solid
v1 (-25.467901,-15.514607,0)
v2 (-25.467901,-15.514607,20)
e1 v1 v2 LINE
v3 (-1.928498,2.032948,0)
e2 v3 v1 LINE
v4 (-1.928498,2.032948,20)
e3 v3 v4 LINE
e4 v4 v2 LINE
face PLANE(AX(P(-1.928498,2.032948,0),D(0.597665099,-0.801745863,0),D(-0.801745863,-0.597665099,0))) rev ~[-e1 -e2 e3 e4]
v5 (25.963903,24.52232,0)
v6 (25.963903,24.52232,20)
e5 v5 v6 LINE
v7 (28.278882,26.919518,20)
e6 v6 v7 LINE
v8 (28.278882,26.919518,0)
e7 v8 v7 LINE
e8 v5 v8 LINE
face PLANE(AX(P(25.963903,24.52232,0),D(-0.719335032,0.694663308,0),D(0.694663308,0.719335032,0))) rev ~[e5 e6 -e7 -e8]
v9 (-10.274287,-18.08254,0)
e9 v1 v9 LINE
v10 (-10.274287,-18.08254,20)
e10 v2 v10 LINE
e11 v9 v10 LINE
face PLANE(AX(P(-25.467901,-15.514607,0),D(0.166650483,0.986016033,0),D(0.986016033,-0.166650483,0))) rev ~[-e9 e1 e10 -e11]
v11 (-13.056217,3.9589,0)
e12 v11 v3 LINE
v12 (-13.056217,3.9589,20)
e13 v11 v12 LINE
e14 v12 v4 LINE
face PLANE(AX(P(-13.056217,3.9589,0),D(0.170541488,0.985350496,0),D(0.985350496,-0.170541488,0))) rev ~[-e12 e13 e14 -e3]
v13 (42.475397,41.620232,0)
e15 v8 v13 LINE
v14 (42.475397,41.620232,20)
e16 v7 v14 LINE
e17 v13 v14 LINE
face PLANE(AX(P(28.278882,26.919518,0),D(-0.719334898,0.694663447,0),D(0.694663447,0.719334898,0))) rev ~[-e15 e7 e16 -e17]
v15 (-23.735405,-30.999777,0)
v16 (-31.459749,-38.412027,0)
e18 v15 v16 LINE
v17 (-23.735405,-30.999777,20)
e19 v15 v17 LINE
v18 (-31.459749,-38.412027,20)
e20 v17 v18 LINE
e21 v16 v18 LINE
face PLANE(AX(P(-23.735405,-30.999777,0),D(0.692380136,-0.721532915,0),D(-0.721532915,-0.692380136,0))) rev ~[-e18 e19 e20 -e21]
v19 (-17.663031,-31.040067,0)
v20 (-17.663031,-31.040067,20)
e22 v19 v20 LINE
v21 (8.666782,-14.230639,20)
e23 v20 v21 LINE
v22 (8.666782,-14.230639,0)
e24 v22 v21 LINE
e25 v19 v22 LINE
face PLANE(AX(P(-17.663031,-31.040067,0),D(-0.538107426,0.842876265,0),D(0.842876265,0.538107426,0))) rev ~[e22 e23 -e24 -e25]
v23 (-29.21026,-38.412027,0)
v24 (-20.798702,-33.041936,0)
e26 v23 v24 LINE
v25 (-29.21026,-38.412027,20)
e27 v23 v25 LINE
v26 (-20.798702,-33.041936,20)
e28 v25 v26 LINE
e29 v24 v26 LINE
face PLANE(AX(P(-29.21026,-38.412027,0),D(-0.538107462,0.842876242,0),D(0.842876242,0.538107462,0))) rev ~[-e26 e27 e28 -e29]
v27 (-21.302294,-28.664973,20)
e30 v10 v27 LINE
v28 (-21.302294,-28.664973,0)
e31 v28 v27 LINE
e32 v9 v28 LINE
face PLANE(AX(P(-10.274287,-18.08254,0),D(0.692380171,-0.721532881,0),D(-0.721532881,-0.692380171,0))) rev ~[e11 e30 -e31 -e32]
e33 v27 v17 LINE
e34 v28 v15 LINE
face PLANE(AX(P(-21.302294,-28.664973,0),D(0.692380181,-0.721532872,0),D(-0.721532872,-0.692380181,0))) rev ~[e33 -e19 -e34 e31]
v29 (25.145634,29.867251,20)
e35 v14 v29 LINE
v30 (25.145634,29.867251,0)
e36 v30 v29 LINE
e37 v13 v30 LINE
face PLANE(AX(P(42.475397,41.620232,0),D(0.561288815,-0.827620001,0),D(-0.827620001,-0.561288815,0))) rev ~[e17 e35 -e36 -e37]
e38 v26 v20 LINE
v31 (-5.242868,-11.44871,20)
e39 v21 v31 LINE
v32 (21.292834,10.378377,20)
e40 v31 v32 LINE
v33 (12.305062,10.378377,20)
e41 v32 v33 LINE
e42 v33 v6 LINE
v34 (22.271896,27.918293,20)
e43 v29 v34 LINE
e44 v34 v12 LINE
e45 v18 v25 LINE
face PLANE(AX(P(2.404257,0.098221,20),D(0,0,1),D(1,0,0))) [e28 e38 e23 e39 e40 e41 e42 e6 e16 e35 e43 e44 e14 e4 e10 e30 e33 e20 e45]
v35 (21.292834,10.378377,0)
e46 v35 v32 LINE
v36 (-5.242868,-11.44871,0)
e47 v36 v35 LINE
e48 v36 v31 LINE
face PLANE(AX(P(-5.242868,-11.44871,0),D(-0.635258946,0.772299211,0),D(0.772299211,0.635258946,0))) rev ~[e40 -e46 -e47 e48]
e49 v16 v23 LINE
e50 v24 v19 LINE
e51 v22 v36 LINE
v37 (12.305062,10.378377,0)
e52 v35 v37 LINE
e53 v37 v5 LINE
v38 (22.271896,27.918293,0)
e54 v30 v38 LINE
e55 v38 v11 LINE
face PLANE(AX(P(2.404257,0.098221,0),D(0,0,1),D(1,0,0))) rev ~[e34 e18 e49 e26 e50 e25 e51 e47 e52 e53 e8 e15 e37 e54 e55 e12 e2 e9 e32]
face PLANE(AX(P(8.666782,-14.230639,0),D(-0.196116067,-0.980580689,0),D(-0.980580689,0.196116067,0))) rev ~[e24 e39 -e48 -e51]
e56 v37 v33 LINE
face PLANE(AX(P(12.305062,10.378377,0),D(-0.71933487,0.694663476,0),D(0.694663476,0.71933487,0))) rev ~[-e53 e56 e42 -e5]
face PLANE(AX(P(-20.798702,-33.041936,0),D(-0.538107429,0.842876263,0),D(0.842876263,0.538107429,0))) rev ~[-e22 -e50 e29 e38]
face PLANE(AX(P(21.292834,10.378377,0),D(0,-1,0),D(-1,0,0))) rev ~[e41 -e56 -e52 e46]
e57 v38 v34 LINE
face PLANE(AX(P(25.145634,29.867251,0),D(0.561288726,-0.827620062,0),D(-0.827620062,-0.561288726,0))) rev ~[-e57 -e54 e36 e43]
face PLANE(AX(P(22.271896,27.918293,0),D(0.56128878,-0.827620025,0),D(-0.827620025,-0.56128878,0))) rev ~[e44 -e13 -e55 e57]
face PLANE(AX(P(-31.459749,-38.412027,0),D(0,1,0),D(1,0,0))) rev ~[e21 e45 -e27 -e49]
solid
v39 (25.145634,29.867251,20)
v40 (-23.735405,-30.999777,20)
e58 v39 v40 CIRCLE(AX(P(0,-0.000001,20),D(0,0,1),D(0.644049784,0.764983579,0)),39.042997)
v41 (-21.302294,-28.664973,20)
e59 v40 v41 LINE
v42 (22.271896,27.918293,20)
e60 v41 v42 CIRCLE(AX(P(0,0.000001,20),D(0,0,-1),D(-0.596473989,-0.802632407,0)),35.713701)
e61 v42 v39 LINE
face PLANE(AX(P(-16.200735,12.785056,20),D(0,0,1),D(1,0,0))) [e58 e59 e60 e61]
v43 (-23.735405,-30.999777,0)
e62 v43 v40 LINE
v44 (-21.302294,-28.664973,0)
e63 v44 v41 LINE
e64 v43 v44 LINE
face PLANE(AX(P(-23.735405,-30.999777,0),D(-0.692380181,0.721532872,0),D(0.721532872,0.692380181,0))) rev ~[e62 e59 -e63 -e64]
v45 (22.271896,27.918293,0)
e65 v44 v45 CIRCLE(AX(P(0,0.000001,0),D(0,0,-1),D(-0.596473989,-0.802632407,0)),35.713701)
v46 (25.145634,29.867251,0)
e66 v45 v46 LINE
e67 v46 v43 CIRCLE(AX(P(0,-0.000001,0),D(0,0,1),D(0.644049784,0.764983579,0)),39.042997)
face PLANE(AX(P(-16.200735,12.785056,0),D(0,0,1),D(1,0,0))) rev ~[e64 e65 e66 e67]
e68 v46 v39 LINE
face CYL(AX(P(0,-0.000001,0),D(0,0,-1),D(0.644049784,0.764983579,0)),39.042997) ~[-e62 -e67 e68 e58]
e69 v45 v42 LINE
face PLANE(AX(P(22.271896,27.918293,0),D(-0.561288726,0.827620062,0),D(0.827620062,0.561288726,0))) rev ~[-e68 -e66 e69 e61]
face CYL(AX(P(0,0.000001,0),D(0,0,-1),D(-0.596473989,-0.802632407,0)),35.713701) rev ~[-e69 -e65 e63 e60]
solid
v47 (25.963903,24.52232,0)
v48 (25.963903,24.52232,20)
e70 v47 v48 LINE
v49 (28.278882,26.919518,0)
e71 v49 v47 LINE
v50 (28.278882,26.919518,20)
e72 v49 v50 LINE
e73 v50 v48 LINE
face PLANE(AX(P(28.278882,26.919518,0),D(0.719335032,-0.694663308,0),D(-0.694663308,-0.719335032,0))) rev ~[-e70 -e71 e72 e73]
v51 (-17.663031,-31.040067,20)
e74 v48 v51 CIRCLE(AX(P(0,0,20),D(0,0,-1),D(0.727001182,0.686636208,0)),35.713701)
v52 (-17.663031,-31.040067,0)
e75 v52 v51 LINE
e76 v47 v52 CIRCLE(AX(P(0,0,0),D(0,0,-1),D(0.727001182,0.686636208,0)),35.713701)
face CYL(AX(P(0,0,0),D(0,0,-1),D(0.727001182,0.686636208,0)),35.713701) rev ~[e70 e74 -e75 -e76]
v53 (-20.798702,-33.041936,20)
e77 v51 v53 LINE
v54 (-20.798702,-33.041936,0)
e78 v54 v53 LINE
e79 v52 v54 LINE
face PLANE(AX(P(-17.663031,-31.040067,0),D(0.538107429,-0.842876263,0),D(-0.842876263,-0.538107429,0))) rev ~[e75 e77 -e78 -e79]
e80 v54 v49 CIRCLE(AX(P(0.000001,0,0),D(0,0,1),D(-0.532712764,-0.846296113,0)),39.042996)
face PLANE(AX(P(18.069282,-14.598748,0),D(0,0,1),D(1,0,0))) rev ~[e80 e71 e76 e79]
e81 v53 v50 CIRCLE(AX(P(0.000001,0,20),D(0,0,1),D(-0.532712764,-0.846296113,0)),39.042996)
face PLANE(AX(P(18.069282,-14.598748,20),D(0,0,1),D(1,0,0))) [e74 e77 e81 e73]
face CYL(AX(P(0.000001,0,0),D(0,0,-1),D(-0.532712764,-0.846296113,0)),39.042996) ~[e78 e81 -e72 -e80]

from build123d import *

# Parameters (mm, degrees)
F1_DEPTH = 20
F2_DEPTH = 20


with BuildPart() as f1:
    # F0 (on Top) → F1 (new body)
    with BuildSketch(Plane.XY):
        with BuildLine():
            ThreePointArc((-21.302294, -28.664973), (-28.295787, 21.790294), (22.271896, 27.918293))
            Line((22.271896, 27.918293), (25.145634, 29.867251))
            ThreePointArc((25.145634, 29.867251), (-30.441681, 24.447078), (-23.735405, -30.999777))
            Line((-23.735405, -30.999777), (-21.302294, -28.664973))
        make_face()
        with BuildLine():
            ThreePointArc((-20.798702, -33.041936), (30.213114, -24.728998), (28.278882, 26.919518))
            Line((28.278882, 26.919518), (25.963903, 24.52232))
            ThreePointArc((25.963903, 24.52232), (28.089515, -22.055557), (-17.663031, -31.040067))
            Line((-17.663031, -31.040067), (-20.798702, -33.041936))
        make_face()
    extrude(amount=F1_DEPTH)


with BuildPart() as f2:
    # F0 (on Top) → F2 (new body)
    with BuildSketch(Plane.XY):
        Polygon((25.145634, 29.867251), (22.271896, 27.918293), (-13.056217, 3.9589), (-1.928498, 2.032948), (-25.467901, -15.514607), (-10.274287, -18.08254), (-21.302294, -28.664973), (-23.735405, -30.999777), (-31.459749, -38.412027), (-29.21026, -38.412027), (-20.798702, -33.041936), (-17.663031, -31.040067), (8.666782, -14.230639), (-5.242868, -11.44871), (21.292834, 10.378377), (12.305062, 10.378377), (25.963903, 24.52232), (28.278882, 26.919518), (42.475397, 41.620232), align=None)
    extrude(amount=F2_DEPTH)


solid = Compound([f1.part, f2.part])
